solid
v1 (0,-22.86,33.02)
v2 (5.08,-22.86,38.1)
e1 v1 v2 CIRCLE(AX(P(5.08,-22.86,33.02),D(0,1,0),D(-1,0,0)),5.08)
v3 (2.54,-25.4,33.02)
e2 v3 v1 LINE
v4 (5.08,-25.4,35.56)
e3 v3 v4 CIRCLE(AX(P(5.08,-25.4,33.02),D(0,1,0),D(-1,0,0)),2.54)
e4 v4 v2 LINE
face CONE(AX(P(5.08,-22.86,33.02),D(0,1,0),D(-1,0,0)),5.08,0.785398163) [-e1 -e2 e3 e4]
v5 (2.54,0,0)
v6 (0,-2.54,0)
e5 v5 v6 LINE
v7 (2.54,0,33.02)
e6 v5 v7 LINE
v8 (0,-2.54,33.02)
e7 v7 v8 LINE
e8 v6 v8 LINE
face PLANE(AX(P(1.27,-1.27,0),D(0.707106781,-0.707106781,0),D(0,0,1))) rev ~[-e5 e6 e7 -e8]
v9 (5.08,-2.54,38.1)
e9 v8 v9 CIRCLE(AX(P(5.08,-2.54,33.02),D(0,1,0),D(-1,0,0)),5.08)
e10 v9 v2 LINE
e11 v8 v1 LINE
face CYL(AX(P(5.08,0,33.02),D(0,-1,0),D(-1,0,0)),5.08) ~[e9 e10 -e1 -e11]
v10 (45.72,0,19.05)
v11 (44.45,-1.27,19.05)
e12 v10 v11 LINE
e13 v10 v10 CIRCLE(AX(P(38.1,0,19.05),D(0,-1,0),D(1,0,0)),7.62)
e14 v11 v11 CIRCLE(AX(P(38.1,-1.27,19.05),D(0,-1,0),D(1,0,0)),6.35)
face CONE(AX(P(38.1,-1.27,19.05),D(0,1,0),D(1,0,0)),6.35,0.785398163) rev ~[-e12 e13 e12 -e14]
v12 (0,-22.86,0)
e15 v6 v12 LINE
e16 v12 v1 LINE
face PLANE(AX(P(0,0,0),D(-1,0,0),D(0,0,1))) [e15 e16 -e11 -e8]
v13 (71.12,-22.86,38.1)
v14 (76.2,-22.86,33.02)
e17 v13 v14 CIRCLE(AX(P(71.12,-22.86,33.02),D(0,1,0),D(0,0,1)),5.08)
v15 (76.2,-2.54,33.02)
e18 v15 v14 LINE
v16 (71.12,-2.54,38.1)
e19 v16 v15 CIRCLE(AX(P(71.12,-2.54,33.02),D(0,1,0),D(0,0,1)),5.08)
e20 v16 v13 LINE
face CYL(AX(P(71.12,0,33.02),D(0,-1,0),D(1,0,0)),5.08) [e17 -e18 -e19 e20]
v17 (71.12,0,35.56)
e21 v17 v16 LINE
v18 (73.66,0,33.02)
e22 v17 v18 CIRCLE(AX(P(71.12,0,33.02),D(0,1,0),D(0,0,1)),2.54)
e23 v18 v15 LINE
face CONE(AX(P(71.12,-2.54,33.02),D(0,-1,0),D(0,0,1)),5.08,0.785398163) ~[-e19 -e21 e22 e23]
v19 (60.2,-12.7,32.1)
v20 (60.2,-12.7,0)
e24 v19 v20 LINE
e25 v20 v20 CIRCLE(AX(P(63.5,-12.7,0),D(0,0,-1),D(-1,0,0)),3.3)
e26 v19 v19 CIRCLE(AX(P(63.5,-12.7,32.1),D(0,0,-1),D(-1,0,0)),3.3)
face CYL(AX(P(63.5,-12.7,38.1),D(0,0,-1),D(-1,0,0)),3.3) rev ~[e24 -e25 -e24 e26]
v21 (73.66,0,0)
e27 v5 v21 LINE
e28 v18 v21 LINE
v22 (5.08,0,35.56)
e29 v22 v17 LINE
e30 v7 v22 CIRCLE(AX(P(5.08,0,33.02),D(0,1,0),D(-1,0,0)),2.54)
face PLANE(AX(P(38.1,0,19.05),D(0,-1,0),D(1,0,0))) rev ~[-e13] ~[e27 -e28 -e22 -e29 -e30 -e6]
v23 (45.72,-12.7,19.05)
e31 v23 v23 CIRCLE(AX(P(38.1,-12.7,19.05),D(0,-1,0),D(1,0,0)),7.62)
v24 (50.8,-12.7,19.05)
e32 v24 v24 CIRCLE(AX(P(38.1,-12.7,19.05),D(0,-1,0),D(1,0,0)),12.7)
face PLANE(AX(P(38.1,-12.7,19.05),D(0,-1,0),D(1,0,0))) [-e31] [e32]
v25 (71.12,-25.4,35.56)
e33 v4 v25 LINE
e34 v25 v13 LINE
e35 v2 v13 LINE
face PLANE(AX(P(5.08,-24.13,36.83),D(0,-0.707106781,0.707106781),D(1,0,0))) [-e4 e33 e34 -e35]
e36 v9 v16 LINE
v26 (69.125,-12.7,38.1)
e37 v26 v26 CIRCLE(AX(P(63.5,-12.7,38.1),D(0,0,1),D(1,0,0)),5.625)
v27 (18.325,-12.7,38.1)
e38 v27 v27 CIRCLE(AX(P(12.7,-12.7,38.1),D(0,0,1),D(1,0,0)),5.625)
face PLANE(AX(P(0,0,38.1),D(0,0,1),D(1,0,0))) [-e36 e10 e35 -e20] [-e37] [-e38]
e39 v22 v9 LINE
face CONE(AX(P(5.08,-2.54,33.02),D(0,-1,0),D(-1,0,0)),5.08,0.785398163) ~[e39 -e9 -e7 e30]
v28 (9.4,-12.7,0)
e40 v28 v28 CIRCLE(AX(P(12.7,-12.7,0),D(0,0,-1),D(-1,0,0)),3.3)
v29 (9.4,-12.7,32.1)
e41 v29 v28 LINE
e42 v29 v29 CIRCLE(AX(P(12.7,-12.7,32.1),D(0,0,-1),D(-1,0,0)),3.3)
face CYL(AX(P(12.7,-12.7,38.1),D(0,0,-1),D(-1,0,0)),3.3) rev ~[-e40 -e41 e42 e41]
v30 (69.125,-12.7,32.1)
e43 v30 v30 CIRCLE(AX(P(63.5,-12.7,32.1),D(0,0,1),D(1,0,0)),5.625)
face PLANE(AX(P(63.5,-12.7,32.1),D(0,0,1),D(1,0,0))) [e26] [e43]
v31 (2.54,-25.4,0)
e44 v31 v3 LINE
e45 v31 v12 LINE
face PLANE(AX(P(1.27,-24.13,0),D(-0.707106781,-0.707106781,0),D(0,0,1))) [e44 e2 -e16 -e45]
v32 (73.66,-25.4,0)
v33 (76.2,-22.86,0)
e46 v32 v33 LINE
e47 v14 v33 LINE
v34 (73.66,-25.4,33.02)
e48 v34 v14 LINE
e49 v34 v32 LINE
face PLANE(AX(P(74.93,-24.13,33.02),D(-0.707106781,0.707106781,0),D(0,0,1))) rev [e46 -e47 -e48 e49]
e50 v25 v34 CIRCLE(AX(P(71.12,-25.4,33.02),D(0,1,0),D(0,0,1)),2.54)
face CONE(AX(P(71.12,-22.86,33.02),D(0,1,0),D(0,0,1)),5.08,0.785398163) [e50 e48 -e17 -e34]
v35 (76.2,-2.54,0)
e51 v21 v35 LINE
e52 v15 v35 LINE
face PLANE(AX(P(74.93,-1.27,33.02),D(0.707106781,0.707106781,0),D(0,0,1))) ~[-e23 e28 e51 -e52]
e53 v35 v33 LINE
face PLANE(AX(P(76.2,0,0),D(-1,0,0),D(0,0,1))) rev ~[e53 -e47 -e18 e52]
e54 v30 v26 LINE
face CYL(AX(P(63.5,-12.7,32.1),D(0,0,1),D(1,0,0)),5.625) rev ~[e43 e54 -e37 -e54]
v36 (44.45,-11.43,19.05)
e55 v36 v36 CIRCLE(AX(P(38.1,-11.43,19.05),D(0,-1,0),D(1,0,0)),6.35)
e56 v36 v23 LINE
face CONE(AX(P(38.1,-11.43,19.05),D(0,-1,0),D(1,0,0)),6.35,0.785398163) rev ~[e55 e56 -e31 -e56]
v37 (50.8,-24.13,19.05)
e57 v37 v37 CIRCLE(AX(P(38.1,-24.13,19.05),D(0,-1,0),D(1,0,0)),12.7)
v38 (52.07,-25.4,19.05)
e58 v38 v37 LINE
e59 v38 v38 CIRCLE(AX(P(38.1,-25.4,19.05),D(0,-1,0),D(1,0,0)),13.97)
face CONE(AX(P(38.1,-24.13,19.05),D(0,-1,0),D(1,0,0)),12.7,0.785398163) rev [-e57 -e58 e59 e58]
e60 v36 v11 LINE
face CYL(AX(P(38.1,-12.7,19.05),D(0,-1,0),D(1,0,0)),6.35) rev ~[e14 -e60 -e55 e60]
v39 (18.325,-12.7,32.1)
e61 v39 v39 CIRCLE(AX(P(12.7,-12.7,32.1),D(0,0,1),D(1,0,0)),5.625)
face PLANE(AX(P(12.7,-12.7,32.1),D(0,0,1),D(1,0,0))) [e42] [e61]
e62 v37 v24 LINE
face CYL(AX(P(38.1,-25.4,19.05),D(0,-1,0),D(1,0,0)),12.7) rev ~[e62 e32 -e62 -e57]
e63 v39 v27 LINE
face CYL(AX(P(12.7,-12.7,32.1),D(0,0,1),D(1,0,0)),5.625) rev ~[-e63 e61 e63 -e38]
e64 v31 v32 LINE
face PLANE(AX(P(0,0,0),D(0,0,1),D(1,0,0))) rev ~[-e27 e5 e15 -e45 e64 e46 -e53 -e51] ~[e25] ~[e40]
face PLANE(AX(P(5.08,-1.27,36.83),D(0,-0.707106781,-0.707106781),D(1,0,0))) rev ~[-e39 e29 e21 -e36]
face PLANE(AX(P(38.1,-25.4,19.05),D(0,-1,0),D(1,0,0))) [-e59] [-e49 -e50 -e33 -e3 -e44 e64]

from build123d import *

# Parameters (mm, degrees)
F0_W           = 76.2
F0_H           = 38.1
F1_DEPTH       = 25.4
F2_R           = 5.08
F3_R           = 12.7
F4_DEPTH       = 12.7
F5_R           = 6.35
F6_DEPTH       = 12.701
F8_D           = 6.6
F8_CBORE_D     = 11.25
F8_CBORE_DEPTH = 6
F9_SIZE        = 2.54
F10_SIZE       = 1.27


with BuildPart() as f1:
    # F0 (on Front) → F1 (new body)
    with BuildSketch(Plane.XZ):
        with Locations((38.1, 19.05)):
            Rectangle(F0_W, F0_H)
    extrude(amount=F1_DEPTH)

    # F2
    f2_edges = [f1.edges().sort_by_distance(p)[0] for p in [
        (76.2, -12.7, 38.1),
        (0, -12.7, 38.1),
    ]]
    fillet(f2_edges, radius=F2_R)

    # F3 (on face) → F4 (cut)
    with BuildSketch(Plane.XZ.offset(25.4)):
        with Locations((38.1, 19.05)):
            Circle(F3_R)
    extrude(amount=-F4_DEPTH, mode=Mode.SUBTRACT)

    # F5 (on face) → F6 (cut, through all)
    with BuildSketch(Plane.XZ.offset(12.7)):
        with Locations((38.1, 19.05)):
            Circle(F5_R)
    extrude(amount=-F6_DEPTH, mode=Mode.SUBTRACT)

    # F8 (through all)
    with Locations(Plane.XY.offset(38.1)):
        with Locations((12.7, -12.7), (63.5, -12.7)):
            CounterBoreHole(F8_D / 2, F8_CBORE_D / 2, F8_CBORE_DEPTH)

    # F9
    f9_edges = [f1.edges().sort_by_distance(p)[0] for p in [
        (38.1, -25.4, 38.1),
        (38.1, 0, 38.1),
    ]]
    chamfer(f9_edges, length=F9_SIZE)

    # F10
    f10_edges = [f1.edges().sort_by_distance(p)[0] for p in [
        (31.75, 0, 19.05),
        (31.75, -12.7, 19.05),
        (25.4, -25.4, 19.05),
    ]]
    chamfer(f10_edges, length=F10_SIZE)


solid = f1.part
